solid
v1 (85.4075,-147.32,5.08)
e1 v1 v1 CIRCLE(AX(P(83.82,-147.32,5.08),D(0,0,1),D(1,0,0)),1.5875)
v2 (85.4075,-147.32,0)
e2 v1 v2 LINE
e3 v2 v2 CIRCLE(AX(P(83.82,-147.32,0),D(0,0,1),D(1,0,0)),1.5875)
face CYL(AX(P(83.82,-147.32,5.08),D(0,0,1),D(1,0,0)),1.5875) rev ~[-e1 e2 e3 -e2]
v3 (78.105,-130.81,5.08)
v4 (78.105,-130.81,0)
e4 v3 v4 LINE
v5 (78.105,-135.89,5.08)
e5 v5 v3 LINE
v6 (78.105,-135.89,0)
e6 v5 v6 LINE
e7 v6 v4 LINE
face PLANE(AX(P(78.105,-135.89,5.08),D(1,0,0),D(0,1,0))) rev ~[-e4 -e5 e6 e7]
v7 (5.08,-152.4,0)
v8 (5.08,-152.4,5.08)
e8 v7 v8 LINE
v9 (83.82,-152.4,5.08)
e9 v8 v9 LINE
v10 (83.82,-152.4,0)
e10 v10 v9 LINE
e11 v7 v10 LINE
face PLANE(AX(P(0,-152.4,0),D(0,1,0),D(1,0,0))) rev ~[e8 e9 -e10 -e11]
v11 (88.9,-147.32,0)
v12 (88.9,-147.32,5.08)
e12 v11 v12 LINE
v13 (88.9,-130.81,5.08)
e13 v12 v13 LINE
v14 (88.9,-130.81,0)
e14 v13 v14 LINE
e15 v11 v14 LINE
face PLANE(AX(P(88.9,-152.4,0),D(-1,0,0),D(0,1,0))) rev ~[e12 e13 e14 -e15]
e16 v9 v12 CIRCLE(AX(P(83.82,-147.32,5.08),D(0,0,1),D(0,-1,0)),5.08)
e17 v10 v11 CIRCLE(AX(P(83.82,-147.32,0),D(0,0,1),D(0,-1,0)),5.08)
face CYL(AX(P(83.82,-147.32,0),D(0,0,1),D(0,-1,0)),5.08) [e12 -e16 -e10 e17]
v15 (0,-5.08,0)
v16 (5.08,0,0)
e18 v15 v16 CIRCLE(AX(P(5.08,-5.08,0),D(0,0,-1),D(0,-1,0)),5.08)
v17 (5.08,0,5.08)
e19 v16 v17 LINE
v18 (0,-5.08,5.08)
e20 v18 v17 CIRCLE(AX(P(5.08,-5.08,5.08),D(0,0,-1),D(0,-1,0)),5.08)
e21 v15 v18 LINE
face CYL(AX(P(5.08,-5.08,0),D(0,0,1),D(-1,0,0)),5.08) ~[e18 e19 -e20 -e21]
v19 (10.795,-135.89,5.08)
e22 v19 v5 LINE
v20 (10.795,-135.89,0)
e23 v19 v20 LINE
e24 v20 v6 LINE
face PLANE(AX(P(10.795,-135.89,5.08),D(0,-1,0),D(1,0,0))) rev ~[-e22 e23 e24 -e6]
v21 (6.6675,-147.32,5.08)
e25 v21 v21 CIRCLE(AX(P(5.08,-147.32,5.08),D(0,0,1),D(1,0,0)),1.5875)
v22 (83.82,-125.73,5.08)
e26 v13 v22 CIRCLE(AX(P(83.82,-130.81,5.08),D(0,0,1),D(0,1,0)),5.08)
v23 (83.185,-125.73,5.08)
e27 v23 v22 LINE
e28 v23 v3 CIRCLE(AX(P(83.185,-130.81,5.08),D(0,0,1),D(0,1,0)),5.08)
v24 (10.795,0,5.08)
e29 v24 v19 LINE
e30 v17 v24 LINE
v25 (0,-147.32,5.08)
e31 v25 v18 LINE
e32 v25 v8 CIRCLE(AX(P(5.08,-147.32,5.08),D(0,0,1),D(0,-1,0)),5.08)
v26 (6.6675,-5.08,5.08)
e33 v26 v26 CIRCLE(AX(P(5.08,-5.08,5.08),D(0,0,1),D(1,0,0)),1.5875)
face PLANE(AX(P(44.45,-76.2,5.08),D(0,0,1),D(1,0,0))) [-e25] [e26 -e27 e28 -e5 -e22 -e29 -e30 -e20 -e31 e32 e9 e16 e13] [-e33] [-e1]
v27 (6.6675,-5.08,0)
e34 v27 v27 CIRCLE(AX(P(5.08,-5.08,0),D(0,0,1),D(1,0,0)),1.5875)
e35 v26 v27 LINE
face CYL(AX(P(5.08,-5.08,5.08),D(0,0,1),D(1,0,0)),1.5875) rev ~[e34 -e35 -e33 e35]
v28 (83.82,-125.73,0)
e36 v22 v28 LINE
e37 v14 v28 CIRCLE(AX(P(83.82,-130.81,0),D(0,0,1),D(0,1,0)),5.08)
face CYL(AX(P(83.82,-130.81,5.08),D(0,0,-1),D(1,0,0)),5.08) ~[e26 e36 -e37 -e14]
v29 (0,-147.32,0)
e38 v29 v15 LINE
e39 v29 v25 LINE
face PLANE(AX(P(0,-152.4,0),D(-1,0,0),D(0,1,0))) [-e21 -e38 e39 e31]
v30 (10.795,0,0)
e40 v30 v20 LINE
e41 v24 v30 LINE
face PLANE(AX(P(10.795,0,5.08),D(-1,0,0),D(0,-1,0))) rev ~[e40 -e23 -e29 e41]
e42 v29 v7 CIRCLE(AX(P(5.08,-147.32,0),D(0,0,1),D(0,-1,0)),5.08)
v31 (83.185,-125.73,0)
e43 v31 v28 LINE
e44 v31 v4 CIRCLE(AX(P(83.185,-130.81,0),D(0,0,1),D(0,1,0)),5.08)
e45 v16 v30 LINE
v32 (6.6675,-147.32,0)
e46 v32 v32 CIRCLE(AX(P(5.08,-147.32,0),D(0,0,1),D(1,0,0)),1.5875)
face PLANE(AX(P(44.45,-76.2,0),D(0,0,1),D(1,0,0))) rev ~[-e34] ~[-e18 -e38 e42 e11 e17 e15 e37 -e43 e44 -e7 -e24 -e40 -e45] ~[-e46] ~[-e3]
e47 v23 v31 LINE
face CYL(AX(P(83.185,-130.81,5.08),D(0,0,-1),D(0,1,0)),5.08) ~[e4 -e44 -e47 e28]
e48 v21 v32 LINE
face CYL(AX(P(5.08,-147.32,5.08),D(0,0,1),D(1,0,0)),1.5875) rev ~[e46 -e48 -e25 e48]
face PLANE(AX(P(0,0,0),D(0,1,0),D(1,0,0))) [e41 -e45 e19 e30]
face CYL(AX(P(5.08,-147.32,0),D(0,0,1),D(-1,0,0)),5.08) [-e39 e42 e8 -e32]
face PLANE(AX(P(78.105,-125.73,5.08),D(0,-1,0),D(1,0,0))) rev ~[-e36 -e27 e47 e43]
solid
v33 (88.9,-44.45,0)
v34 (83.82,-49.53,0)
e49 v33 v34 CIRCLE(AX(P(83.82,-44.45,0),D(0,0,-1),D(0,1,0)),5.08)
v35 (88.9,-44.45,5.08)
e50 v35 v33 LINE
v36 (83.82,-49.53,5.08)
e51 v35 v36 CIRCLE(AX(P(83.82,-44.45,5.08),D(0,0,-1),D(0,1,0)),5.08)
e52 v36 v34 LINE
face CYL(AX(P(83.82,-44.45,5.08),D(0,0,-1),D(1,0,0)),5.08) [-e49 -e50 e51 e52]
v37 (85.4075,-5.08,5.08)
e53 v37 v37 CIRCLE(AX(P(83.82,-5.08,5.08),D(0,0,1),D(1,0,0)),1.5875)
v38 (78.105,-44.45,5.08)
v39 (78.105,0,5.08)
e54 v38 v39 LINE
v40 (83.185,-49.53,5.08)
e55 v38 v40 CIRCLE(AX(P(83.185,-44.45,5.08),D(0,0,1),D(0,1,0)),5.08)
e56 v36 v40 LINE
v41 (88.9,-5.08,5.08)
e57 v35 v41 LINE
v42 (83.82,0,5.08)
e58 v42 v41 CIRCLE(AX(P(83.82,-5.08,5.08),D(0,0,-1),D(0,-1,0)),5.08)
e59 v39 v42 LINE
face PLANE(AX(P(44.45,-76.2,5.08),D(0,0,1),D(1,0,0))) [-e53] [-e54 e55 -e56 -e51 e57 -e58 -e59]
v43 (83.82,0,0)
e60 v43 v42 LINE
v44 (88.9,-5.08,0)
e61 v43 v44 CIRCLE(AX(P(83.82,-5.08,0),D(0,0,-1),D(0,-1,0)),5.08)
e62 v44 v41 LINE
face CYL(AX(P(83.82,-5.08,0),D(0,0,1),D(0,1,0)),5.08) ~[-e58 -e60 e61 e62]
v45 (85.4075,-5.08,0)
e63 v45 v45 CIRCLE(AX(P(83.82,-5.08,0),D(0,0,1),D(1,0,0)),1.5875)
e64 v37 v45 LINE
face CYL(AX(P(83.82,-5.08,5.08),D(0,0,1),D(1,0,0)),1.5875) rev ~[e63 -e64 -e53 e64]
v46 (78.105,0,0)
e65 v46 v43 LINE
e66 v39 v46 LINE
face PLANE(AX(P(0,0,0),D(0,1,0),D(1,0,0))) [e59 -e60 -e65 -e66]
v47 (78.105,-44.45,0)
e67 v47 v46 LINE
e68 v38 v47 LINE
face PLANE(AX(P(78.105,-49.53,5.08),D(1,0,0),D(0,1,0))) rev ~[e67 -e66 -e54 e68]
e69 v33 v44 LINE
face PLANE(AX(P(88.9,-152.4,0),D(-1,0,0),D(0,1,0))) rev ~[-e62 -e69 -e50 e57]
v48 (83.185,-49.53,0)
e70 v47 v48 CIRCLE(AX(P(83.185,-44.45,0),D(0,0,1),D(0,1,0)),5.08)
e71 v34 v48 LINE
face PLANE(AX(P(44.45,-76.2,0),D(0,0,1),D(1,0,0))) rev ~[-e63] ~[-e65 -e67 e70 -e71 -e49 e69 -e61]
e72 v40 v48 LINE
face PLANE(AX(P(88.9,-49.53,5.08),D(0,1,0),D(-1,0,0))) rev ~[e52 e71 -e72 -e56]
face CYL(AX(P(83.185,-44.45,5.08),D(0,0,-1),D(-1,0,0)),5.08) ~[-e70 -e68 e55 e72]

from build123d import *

# Parameters (mm, degrees)
F0_W     = 88.9
F0_H     = 152.4
F1_DEPTH = 5.08
F3_DEPTH = 25.4
F4_R     = 1.5875
F5_DEPTH = 25.4
F6_R     = 5.08


with BuildPart() as f1:
    # F0 (on Top) → F1 (new body)
    with BuildSketch(Plane.XY):
        with Locations((44.45, -76.2)):
            Rectangle(F0_W, F0_H)
    extrude(amount=F1_DEPTH)

    # F2 (on face) → F3 (cut)
    with BuildSketch(Plane.XY.offset(5.08)):
        Polygon((78.105, 0), (10.795, 0), (10.795, -135.89), (78.105, -135.89), (78.105, -125.73), (88.9, -125.73), (88.9, -49.53), (78.105, -49.53), align=None)
    extrude(amount=-F3_DEPTH, mode=Mode.SUBTRACT)

    # F4 (on face) → F5 (cut)
    with BuildSketch(Plane.XY.offset(5.08)):
        with Locations((5.08, -147.32)):
            Circle(F4_R)
        with Locations((83.82, -147.32)):
            Circle(F4_R)
        with Locations((83.82, -5.08)):
            Circle(F4_R)
        with Locations((5.08, -5.08)):
            Circle(F4_R)
    extrude(amount=-F5_DEPTH, mode=Mode.SUBTRACT)

    # F6
    f6_edges = [f1.edges().sort_by_distance(p)[0] for p in [
        (0, -152.4, 2.54),
        (88.9, -152.4, 2.54),
        (0, 0, 2.54),
        (88.9, 0, 2.54),
        (78.105, -49.53, 2.54),
        (88.9, -49.53, 2.54),
        (88.9, -125.73, 2.54),
        (78.105, -125.73, 2.54),
    ]]
    fillet(f6_edges, radius=F6_R)


solid = f1.part
